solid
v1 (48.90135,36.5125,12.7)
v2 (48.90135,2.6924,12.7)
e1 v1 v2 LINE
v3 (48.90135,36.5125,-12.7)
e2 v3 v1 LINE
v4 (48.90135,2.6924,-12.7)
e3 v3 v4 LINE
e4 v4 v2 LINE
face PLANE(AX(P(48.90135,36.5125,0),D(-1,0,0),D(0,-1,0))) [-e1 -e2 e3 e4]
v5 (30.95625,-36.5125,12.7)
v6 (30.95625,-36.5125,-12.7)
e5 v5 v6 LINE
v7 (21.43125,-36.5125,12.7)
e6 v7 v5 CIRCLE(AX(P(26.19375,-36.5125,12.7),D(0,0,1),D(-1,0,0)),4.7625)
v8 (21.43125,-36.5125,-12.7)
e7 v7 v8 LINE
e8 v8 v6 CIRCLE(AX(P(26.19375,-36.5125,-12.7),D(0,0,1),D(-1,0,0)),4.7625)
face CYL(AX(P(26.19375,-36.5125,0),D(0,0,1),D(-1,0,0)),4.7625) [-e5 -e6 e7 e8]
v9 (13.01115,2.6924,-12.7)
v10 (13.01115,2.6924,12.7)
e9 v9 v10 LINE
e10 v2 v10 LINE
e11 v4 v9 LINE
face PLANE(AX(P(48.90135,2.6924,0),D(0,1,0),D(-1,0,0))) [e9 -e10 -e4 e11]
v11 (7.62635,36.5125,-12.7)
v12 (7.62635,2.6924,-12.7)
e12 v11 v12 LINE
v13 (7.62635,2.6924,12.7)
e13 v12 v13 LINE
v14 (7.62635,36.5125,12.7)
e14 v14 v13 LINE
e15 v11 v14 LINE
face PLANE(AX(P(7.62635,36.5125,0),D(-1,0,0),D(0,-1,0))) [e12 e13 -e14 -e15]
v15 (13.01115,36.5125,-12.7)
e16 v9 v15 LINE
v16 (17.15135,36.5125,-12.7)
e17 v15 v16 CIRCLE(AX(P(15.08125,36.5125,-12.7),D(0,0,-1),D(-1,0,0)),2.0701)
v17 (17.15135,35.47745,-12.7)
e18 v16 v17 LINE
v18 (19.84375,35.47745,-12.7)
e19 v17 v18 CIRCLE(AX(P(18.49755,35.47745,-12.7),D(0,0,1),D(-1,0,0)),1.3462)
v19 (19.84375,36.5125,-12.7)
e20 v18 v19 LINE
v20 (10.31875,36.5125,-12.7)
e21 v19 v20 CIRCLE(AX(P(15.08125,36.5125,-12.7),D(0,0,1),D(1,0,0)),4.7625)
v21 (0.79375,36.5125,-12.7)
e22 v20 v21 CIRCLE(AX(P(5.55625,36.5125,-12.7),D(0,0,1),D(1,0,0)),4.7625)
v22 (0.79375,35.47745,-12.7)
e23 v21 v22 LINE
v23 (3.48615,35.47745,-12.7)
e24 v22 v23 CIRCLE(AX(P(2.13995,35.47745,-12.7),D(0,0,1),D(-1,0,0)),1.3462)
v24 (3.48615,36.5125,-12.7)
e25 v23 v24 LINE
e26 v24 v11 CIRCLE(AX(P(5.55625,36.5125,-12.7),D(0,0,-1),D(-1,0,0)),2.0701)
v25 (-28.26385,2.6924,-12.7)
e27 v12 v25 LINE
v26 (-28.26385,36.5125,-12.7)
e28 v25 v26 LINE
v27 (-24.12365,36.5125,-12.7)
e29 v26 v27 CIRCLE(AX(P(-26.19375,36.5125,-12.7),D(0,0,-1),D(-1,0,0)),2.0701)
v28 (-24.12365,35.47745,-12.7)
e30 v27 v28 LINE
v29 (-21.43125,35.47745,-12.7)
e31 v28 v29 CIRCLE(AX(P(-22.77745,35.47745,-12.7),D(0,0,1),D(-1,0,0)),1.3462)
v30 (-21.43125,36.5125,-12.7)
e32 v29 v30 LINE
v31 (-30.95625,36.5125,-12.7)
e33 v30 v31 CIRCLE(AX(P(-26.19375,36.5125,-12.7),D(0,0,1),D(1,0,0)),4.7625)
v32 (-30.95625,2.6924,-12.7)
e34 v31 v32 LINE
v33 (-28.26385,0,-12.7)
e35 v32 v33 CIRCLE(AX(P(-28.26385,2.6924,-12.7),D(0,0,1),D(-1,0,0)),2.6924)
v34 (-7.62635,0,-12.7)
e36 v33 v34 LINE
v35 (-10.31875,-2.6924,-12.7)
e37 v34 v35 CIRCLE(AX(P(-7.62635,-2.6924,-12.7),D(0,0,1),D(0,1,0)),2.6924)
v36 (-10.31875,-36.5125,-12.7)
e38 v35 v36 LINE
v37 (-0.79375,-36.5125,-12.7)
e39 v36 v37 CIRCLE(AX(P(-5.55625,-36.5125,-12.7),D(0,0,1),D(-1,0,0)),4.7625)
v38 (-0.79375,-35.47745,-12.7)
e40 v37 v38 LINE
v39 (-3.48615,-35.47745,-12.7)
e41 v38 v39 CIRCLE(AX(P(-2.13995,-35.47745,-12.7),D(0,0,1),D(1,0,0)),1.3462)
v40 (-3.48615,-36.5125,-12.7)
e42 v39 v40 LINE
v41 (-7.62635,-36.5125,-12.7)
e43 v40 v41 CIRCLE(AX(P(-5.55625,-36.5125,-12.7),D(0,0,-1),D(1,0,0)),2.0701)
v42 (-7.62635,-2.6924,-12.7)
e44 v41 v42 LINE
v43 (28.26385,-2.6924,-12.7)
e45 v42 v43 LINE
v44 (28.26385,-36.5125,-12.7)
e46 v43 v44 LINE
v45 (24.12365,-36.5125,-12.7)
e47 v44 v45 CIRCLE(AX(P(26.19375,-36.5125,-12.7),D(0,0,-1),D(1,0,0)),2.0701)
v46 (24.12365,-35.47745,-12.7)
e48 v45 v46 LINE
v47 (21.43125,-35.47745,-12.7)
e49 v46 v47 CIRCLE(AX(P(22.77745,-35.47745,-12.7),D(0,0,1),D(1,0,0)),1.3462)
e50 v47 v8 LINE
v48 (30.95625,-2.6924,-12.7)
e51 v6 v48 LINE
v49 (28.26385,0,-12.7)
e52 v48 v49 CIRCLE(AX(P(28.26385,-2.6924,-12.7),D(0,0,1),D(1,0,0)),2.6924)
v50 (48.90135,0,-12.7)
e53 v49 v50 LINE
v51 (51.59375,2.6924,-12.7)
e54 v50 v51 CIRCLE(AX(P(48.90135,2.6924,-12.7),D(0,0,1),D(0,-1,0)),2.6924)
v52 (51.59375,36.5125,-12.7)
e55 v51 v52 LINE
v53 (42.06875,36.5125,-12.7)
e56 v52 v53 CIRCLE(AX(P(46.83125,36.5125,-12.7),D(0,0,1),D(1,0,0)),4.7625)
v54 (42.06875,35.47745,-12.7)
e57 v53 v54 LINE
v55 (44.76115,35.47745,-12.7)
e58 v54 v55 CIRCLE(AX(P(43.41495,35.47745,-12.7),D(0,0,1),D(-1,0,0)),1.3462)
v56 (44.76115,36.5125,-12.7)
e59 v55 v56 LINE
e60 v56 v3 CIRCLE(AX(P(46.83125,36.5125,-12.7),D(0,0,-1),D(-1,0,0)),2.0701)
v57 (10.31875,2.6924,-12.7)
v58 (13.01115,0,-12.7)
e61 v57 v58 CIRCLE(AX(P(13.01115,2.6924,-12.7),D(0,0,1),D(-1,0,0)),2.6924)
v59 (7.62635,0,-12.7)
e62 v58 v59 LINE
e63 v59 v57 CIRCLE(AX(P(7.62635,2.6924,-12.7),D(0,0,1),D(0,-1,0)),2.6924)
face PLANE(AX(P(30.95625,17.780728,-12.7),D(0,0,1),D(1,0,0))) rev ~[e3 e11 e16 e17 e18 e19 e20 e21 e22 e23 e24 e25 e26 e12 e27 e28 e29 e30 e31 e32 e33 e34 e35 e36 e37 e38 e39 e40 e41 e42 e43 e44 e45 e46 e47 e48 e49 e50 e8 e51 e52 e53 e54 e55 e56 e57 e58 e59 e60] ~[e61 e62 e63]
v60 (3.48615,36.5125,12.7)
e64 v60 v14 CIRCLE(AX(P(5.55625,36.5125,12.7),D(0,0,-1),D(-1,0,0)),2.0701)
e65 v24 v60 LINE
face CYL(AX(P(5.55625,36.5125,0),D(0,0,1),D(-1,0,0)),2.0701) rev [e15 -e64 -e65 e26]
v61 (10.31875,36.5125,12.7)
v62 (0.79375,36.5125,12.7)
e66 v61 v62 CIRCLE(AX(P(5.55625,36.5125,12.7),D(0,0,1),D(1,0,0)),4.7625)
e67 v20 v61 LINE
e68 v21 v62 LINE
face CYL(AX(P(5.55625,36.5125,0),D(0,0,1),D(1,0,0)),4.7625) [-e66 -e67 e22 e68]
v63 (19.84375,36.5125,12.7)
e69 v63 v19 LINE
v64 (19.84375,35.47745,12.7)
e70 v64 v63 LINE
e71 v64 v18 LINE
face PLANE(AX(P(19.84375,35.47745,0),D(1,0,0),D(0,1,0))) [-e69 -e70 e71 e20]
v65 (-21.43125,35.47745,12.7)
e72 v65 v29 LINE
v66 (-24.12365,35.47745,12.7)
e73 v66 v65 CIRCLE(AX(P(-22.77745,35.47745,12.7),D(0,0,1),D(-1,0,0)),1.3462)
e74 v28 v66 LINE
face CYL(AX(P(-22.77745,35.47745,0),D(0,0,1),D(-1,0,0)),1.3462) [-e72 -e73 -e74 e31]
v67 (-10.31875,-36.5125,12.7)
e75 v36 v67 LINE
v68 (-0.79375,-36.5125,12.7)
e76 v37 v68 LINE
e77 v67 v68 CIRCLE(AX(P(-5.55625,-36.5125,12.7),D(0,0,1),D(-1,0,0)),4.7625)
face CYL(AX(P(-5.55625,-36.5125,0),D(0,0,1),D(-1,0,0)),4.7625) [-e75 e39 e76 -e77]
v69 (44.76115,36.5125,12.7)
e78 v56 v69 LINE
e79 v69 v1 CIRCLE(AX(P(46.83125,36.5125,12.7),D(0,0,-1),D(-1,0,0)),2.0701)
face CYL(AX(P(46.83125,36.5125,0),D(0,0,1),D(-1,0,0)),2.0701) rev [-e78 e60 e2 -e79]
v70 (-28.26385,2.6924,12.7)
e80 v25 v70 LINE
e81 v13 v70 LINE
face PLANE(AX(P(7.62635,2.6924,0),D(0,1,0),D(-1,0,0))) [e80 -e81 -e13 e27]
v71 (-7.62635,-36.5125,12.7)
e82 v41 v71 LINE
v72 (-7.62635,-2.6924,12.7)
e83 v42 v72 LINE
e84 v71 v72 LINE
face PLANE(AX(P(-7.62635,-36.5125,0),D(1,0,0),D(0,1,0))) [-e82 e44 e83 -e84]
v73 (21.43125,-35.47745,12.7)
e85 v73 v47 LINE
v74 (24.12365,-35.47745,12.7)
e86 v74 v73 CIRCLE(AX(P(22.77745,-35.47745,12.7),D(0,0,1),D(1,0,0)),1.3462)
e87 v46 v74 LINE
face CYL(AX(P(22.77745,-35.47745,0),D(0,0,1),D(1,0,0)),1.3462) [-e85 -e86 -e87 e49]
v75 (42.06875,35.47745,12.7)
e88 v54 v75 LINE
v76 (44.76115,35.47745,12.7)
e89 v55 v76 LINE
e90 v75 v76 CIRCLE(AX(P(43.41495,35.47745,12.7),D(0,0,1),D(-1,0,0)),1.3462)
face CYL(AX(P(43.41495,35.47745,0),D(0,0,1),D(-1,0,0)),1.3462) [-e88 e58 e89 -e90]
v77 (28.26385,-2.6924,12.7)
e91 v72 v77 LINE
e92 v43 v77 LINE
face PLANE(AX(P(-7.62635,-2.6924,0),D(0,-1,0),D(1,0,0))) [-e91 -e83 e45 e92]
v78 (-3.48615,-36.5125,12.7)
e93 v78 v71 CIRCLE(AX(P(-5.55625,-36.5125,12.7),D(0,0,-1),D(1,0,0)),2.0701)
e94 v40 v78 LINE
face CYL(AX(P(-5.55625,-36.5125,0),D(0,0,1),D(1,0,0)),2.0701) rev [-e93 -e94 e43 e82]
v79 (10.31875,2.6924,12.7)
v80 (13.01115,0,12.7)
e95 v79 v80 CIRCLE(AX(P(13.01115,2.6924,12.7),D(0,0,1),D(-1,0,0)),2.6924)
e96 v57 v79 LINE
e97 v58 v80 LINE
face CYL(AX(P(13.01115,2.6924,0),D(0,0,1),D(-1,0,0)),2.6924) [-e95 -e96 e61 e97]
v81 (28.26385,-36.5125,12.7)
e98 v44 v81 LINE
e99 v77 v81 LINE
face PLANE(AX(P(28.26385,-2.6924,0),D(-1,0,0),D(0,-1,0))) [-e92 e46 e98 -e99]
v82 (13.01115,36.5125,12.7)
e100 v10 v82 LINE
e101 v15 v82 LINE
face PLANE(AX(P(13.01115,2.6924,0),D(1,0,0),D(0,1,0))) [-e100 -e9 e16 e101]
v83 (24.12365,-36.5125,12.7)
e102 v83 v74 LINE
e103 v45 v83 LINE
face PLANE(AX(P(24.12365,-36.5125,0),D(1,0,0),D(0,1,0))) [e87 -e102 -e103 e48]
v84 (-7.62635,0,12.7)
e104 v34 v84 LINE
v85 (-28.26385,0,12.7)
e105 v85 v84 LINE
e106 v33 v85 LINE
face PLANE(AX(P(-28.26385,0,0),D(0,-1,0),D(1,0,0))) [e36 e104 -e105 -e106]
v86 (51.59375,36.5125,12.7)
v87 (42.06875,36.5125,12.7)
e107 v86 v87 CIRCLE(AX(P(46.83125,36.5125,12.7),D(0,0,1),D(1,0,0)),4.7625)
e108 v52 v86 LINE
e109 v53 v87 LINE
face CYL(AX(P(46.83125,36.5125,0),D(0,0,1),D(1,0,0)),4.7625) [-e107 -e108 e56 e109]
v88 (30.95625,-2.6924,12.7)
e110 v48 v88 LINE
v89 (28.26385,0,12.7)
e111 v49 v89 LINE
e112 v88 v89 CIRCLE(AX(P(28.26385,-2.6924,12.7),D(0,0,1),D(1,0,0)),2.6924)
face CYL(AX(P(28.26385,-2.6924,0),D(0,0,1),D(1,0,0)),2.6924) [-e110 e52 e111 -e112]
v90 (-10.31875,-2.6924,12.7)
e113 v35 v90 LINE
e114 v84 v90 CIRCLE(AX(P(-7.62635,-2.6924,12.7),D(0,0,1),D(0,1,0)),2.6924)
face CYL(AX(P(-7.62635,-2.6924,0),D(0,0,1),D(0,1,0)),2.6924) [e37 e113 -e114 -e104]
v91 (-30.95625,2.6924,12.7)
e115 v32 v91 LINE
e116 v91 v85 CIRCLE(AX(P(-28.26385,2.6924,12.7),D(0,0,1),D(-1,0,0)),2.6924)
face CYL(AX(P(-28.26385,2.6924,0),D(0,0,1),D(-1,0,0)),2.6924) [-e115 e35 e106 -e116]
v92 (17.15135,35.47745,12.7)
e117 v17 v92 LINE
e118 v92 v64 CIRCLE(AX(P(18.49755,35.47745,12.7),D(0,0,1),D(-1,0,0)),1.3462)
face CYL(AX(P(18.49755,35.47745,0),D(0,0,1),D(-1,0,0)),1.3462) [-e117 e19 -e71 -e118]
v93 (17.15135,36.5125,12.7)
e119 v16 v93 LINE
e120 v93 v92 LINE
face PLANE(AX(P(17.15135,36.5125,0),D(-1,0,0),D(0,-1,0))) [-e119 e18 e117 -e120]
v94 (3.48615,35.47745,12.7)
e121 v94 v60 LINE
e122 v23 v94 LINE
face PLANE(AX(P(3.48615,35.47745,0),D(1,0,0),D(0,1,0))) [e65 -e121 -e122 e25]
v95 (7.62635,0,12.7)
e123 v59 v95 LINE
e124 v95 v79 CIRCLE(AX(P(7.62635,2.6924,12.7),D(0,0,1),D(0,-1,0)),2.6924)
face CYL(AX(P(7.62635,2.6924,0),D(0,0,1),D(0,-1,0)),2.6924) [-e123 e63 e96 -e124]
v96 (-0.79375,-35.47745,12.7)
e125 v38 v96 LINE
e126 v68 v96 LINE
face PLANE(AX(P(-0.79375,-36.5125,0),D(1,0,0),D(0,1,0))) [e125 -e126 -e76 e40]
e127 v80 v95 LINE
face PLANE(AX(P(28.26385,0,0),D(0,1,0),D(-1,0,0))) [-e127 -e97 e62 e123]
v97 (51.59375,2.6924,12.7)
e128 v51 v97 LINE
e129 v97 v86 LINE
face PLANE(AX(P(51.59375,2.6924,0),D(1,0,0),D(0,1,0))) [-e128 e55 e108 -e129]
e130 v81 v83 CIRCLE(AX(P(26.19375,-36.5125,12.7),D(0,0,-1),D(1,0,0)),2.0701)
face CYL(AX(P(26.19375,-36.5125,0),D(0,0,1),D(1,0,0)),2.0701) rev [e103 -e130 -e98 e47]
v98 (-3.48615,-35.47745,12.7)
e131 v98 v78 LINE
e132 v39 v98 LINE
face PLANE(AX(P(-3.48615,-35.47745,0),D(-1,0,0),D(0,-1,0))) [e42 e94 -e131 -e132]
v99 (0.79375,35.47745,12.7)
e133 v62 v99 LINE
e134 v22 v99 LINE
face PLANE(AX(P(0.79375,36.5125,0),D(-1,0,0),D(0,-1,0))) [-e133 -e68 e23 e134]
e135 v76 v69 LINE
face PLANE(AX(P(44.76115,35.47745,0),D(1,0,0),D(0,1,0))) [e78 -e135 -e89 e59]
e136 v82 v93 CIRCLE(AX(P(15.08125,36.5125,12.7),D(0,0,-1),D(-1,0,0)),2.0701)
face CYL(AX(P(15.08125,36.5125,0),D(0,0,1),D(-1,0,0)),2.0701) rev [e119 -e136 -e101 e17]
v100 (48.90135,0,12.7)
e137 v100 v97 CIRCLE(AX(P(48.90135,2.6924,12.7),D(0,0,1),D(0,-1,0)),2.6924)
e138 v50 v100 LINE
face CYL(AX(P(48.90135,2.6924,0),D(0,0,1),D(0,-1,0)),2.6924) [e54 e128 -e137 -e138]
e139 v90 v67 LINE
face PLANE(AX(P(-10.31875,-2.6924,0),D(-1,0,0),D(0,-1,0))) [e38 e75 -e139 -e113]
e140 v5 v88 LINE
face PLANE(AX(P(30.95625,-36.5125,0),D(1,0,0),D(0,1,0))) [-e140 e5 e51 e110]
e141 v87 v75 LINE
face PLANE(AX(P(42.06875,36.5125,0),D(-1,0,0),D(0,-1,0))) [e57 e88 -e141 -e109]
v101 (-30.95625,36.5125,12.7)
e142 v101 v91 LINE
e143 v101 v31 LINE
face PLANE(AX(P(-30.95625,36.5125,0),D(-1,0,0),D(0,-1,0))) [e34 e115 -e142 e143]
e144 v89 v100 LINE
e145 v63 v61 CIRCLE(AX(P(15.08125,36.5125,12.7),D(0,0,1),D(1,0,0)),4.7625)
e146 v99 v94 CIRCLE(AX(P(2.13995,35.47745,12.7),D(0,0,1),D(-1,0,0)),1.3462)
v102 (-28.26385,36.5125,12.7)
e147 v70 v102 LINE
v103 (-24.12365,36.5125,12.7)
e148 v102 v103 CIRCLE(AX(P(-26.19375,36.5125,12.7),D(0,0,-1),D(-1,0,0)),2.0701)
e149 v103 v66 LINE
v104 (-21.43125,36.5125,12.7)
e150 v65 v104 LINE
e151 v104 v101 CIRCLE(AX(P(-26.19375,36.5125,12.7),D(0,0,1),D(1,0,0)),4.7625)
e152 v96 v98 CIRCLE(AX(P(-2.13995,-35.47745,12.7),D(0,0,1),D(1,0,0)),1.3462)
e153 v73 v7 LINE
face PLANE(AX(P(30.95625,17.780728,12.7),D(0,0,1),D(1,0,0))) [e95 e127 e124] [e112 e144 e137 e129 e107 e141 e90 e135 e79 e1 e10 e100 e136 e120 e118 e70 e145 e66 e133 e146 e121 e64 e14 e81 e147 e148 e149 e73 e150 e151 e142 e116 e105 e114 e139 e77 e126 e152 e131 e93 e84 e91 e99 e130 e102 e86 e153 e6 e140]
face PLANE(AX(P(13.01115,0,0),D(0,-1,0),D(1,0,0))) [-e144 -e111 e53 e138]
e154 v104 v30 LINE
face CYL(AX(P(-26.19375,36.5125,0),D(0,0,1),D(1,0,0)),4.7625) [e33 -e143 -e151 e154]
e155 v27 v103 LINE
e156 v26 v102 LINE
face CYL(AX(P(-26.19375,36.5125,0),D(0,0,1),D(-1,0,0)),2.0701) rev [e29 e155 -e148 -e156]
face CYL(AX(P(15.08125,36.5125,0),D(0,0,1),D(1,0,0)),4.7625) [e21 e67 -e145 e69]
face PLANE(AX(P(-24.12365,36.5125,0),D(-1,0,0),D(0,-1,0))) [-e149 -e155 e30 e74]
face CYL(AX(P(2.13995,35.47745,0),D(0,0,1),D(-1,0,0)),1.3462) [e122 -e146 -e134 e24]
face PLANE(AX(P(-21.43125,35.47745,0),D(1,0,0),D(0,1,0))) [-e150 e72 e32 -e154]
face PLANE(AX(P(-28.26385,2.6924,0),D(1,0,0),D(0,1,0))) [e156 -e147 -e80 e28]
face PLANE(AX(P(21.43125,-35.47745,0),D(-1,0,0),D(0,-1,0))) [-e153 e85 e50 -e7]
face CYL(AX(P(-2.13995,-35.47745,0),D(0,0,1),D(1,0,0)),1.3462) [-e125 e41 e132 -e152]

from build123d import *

# Parameters (mm, degrees)
BASE_EXTRUDE_DEPTH = 12.7
CIRPATTERN1_COUNT  = 2
LPATTERN1_COUNT    = 2
LPATTERN1_PITCH    = 41.275


with BuildPart() as part:
    # Sketch1 → Base-Extrude (new, symmetric)
    with BuildSketch(Plane.XY):
        with BuildLine():
            Line((-30.95625, 36.5125), (-30.95625, 2.6924))
            ThreePointArc((-30.95625, 2.6924), (-30.167664298, 0.788585702), (-28.26385, 0))
            Line((-28.26385, 0), (7.62635, 0))
            ThreePointArc((7.62635, 0), (9.530164298, 0.788585702), (10.31875, 2.6924))
            Line((10.31875, 2.6924), (10.31875, 36.5125))
            ThreePointArc((10.31875, 36.5125), (5.55625, 41.275), (0.79375, 36.5125))
            Line((0.79375, 36.5125), (0.79375, 35.47745))
            ThreePointArc((0.79375, 35.47745), (2.13995, 34.13125), (3.48615, 35.47745))
            Line((3.48615, 35.47745), (3.48615, 36.5125))
            ThreePointArc((3.48615, 36.5125), (5.55625, 38.5826), (7.62635, 36.5125))
            Line((7.62635, 36.5125), (7.62635, 2.6924))
            Line((7.62635, 2.6924), (-28.26385, 2.6924))
            Line((-28.26385, 2.6924), (-28.26385, 36.5125))
            ThreePointArc((-28.26385, 36.5125), (-26.19375, 38.5826), (-24.12365, 36.5125))
            Line((-24.12365, 36.5125), (-24.12365, 35.47745))
            ThreePointArc((-24.12365, 35.47745), (-22.77745, 34.13125), (-21.43125, 35.47745))
            Line((-21.43125, 35.47745), (-21.43125, 36.5125))
            ThreePointArc((-21.43125, 36.5125), (-26.19375, 41.275), (-30.95625, 36.5125))
        make_face()
    base_extrude = extrude(amount=BASE_EXTRUDE_DEPTH, both=True)

    # CirPattern1: Base-Extrude ×2 about axis
    cirpattern1_axis = Axis((0, 0, 0), (0, 0, 1))
    for i in range(1, CIRPATTERN1_COUNT):
        add(base_extrude.rotate(cirpattern1_axis, i * 360 / CIRPATTERN1_COUNT))

    # LPattern1: Base-Extrude ×2
    with Locations(*[(i * LPATTERN1_PITCH, 0, 0) for i in range(1, LPATTERN1_COUNT)]):
        add(base_extrude)


solid = part.part
